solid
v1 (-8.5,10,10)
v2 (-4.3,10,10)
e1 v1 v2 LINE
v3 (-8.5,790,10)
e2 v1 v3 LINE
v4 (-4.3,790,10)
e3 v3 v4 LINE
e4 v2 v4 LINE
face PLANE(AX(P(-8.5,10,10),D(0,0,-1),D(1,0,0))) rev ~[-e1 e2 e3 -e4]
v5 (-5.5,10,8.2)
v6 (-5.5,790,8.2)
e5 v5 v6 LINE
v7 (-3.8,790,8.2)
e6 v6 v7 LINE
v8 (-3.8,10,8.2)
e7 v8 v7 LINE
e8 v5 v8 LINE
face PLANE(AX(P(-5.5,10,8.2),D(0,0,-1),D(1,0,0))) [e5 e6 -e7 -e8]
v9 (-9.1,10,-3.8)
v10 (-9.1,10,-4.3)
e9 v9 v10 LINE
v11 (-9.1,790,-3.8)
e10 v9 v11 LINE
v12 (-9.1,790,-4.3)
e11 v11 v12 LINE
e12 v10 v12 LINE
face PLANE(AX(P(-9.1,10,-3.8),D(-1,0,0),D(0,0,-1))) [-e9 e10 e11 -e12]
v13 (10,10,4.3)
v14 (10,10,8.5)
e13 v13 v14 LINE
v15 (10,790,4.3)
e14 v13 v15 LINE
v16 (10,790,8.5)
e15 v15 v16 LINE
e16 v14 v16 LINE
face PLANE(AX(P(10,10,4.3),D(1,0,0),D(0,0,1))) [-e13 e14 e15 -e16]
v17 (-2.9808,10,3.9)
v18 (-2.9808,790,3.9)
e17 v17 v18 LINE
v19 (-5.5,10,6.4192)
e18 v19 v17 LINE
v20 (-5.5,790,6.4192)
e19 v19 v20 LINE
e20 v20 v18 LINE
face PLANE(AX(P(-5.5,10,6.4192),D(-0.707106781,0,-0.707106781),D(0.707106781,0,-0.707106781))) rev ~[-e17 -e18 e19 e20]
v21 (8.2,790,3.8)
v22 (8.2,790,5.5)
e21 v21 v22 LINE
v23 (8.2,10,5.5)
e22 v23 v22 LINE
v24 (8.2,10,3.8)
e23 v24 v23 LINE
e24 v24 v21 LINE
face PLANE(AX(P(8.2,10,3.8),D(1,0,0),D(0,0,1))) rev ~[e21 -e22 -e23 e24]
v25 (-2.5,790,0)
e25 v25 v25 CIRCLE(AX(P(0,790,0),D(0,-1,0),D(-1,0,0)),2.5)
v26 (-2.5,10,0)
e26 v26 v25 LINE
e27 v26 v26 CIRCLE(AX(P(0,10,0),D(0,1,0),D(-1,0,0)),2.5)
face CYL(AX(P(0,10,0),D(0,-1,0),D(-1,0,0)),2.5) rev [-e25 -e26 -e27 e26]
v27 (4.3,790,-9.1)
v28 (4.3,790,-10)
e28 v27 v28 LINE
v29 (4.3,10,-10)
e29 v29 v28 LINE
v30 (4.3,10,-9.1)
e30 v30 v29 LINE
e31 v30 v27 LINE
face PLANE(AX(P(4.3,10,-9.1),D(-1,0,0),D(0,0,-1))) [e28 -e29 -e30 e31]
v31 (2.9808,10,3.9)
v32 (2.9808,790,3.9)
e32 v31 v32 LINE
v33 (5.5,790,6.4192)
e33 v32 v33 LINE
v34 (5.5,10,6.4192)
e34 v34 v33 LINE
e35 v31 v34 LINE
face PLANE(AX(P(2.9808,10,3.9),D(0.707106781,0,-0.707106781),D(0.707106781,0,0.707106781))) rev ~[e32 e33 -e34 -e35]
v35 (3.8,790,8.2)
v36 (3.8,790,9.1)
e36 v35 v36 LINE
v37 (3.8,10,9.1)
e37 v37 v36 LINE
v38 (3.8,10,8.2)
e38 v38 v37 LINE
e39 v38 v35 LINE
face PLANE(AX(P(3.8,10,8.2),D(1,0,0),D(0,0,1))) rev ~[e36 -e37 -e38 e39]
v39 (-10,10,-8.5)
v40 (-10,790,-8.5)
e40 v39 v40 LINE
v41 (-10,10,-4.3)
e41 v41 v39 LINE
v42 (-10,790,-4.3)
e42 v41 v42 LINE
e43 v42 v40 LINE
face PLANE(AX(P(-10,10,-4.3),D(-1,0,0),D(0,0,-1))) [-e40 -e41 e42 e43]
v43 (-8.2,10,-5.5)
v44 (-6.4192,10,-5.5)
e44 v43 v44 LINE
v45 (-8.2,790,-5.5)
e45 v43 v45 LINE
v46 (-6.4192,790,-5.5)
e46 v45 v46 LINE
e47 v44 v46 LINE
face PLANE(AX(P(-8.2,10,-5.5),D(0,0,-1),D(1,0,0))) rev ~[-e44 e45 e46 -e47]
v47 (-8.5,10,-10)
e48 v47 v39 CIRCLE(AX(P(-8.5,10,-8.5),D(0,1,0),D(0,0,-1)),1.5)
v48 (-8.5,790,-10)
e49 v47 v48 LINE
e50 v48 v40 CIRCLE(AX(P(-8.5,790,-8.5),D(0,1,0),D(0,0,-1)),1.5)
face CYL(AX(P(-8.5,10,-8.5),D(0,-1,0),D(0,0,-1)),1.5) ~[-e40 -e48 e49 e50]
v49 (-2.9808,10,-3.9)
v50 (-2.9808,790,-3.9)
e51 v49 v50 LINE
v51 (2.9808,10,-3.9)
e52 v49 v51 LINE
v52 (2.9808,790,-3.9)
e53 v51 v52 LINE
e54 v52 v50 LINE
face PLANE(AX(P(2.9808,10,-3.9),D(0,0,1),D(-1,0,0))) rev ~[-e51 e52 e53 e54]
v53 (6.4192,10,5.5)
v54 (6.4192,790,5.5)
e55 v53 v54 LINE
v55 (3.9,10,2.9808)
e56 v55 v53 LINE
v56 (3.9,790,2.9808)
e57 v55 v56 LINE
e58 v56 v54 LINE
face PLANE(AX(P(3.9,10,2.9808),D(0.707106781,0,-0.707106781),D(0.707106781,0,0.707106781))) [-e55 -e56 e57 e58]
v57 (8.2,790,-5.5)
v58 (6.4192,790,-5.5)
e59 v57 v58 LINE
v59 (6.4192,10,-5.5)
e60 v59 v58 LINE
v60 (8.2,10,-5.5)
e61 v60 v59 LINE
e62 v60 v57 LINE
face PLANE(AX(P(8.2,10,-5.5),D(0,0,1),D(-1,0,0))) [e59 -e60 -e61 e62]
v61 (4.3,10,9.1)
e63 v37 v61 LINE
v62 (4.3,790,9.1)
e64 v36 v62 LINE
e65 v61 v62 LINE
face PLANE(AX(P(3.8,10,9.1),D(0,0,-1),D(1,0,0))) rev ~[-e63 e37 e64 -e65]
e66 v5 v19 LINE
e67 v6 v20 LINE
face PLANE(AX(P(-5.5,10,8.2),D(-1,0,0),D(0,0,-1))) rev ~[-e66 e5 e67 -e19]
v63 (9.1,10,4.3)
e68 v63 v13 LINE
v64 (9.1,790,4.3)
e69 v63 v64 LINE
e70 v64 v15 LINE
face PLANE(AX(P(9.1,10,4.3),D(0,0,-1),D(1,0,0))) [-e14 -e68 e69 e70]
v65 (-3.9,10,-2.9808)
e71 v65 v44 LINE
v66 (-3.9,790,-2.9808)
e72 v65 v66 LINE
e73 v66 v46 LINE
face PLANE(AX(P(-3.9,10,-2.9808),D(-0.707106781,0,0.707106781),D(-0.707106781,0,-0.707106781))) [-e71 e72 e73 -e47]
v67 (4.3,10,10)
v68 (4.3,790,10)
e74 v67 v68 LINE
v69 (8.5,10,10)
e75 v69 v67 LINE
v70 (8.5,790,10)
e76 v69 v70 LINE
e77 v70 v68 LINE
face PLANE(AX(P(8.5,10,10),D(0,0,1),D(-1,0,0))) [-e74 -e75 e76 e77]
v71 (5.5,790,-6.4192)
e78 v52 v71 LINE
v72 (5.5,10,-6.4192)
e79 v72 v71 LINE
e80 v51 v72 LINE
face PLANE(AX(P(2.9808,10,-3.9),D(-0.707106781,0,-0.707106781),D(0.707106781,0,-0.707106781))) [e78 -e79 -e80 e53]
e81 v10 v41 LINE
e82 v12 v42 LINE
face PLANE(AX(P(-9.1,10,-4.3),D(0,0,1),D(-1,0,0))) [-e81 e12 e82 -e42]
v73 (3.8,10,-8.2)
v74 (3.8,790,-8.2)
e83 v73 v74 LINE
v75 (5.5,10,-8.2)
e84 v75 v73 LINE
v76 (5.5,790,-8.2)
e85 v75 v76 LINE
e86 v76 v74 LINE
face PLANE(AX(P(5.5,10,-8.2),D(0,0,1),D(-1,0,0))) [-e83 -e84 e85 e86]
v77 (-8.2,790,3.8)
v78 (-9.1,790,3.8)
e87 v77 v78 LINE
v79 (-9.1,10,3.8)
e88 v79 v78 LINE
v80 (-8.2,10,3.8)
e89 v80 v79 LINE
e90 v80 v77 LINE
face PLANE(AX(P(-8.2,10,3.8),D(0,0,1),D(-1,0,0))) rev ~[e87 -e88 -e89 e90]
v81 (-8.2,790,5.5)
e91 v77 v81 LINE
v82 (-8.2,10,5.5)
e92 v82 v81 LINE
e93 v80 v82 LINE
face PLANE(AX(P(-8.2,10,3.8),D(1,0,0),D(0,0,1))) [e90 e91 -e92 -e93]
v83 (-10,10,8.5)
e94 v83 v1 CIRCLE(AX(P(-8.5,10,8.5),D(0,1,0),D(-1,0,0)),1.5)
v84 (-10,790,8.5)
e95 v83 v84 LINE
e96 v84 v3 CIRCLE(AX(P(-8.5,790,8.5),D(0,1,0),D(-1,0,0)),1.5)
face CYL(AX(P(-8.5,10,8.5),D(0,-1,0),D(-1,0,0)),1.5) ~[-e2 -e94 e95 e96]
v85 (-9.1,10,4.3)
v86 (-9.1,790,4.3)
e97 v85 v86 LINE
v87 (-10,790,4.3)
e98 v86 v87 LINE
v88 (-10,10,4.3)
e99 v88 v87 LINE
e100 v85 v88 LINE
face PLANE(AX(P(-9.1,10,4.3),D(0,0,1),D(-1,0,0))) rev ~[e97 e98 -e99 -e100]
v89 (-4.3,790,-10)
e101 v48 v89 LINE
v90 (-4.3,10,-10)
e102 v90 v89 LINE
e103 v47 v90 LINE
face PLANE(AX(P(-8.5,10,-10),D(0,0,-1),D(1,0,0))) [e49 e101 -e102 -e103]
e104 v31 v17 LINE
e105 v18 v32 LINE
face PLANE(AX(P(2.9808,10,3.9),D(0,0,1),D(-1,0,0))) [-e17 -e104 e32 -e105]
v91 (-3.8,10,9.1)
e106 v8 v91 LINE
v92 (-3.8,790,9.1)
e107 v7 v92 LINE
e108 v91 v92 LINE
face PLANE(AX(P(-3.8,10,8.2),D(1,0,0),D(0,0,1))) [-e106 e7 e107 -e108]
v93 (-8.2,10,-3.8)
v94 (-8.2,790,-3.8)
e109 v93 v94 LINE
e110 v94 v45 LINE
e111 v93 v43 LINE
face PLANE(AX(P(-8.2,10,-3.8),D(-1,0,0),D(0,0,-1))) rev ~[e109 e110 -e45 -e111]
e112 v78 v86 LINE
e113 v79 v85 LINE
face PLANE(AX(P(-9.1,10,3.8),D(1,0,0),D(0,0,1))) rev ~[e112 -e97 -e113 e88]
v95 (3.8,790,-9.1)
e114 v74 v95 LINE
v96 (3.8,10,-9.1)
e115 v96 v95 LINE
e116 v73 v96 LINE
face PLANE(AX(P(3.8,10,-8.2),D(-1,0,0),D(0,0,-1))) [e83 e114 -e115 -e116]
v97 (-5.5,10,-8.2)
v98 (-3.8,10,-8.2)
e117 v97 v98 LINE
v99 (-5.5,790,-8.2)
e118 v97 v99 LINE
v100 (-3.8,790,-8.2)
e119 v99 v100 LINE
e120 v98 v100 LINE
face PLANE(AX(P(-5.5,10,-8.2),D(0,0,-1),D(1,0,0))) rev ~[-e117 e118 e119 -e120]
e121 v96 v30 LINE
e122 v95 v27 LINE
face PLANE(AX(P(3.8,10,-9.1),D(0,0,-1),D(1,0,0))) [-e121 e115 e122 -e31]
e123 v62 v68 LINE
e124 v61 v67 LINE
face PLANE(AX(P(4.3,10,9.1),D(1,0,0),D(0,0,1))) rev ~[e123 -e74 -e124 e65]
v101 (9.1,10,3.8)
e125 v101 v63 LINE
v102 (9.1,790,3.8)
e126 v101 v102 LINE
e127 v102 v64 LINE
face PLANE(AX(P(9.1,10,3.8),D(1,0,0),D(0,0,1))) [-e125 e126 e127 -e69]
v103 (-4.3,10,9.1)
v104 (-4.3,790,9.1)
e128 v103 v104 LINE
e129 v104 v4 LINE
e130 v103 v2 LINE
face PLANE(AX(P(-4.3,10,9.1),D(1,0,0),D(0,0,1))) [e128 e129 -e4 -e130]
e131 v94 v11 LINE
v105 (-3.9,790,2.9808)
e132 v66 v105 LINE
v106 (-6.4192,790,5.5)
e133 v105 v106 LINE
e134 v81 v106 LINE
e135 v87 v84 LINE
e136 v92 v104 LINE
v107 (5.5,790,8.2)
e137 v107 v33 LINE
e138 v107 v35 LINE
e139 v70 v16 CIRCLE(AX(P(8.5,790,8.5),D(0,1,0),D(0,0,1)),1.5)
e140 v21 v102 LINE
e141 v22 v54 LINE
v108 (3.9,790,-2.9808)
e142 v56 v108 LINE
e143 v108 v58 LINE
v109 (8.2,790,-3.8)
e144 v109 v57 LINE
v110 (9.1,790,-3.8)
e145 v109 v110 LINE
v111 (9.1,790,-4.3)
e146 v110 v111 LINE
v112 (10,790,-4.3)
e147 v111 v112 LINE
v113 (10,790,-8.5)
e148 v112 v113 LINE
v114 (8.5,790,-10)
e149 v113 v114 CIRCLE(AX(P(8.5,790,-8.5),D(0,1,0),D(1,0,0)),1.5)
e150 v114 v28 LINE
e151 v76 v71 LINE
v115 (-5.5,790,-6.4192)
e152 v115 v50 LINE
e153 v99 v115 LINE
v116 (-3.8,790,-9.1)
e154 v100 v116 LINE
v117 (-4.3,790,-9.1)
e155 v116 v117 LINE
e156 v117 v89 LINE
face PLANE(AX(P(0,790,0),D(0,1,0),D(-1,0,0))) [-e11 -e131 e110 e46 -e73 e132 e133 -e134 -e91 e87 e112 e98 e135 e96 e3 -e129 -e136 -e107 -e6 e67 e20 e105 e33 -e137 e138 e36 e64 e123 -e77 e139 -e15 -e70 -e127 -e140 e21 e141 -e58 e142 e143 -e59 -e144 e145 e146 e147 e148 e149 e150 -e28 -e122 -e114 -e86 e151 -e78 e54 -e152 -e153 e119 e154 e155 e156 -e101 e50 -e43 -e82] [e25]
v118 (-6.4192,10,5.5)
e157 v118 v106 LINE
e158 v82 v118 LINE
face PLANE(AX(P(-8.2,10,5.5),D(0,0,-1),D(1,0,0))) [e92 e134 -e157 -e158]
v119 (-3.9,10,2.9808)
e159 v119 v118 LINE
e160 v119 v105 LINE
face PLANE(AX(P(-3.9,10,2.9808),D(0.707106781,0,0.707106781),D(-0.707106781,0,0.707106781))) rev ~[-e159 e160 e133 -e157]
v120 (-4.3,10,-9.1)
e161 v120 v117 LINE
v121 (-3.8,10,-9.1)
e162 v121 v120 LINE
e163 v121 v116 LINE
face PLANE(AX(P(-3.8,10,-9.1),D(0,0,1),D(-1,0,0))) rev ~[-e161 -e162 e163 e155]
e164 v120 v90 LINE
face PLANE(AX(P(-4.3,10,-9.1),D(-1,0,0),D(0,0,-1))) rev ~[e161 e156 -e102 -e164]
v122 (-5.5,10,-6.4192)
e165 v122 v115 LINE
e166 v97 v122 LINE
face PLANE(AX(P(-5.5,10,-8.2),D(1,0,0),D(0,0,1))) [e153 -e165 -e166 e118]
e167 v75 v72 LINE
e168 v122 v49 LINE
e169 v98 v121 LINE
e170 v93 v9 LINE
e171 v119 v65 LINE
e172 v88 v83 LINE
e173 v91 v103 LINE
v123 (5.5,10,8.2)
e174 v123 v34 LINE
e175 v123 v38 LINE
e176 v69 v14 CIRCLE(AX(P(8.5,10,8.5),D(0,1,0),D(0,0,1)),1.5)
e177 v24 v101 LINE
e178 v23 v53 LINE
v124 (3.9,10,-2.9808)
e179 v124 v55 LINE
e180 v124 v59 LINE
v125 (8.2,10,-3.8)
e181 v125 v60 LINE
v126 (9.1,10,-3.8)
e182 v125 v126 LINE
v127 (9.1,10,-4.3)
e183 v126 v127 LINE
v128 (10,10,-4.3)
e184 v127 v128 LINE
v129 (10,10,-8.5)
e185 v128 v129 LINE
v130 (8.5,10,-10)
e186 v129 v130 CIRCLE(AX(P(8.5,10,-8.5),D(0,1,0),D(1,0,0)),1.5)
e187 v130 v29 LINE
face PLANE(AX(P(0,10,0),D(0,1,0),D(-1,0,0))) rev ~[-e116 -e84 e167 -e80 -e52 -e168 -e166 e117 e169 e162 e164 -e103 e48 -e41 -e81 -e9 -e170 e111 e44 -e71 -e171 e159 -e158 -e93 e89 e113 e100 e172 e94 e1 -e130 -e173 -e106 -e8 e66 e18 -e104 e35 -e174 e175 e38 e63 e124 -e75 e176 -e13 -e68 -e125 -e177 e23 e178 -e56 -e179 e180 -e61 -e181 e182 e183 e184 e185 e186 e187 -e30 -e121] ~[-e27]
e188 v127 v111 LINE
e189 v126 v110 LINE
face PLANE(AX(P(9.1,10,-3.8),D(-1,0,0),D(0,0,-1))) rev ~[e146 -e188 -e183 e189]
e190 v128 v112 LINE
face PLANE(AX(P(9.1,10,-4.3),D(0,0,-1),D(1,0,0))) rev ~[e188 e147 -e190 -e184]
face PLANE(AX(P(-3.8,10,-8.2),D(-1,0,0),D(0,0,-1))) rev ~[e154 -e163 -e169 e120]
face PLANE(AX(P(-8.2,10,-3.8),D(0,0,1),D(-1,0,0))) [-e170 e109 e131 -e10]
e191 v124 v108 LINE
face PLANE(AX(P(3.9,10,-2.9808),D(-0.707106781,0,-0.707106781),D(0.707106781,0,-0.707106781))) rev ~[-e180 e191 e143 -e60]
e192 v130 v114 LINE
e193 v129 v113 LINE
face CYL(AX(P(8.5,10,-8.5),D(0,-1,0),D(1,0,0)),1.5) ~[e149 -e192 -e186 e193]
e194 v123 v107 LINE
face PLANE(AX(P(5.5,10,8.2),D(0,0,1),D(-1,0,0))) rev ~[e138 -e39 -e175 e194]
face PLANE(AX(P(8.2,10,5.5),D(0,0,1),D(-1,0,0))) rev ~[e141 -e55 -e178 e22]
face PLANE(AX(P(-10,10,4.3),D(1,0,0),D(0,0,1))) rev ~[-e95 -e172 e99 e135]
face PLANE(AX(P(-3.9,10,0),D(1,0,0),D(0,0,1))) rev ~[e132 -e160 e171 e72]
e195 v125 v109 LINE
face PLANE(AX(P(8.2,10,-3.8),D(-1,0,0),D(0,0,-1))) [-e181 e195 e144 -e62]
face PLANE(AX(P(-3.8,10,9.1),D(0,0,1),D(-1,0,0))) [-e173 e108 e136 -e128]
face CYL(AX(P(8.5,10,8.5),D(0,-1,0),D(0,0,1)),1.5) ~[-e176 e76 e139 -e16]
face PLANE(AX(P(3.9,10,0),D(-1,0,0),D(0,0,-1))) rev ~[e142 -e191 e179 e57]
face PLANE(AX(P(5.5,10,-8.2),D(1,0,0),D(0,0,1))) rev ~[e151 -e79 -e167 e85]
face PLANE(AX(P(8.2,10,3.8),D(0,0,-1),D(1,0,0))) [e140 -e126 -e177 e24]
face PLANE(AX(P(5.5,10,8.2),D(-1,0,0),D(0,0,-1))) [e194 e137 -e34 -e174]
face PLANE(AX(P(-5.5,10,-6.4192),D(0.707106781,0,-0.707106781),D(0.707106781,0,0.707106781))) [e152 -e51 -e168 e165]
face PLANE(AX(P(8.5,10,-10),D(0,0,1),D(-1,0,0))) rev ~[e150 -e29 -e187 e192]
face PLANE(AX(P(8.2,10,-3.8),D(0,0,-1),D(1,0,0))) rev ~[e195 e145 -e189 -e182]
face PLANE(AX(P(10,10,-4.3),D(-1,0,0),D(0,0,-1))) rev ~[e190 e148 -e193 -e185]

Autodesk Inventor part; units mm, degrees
ref_plane "起始平面" through (0, 10, 0) normal (0, 1, 0) x (-1, 0, 0)
ref_plane "终止平面" through (0, 790, 0) normal (0, 1, 0) x (-1, 0, 0)
sketch "草图" plane through (0, 0, 0) normal (0, 1, 0) x (-1, 0, 0)
  line L0 (-9.1, 10.0192) -> (-9.101, 10.0203)
  line L1 (-10, 10) -> (-9.5607, 9.5607) construction
  arc A0 (-8.5, 10) -> (-10, 8.5) centre (-8.5, 8.5) ccw
  circle A1 centre (0, 0) radius 2.5
  line L2 (-2.9808, 3.9) -> (0, 3.9)
  line L3 (-3.9, 0) -> (-3.9, 2.9808)
  line L4 (-2.5, 0) -> (-3.1, 0)
  line L5 (2.9808, 3.9) -> (0, 3.9)
  circle A2 centre (0, 0) radius 2.5
  circle A3 centre (0, 0) radius 2.5
  circle A4 centre (0, 0) radius 2.5
  line L6 (0, 16.3557) -> (0, -12.0006)
  line L7 (-4.3, 9.1) -> (-4.3, 10)
  line L8 (2.9808, -3.9) -> (0, -3.9)
  line L9 (-3.9, 0) -> (-3.9, -2.9808)
  line L10 (3.9, 0) -> (3.9, -2.9808)
  line L11 (-2.9808, -3.9) -> (-5.5, -6.4192)
  line L12 (-2.9808, -3.9) -> (0, -3.9)
  line L13 (3.8, -8.2) -> (3.8, -9.1)
  line L14 (5.5, -6.4192) -> (2.9808, -3.9)
  line L15 (3.8, -9.1) -> (4.3, -9.1)
  line L16 (5.5, -8.2) -> (3.8, -8.2)
  line L17 (5.5, -8.2) -> (5.5, -6.4192)
  line L18 (3.9, -2.9808) -> (6.4192, -5.5)
  line L19 (8.2, -3.8) -> (8.2, -5.5)
  line L20 (8.2, -5.5) -> (6.4192, -5.5)
  line L21 (8.2, -3.8) -> (9.1, -3.8)
  line L22 (9.1, -3.8) -> (9.1, -4.3)
  line L23 (9.1, -4.3) -> (10, -4.3)
  line L24 (10, -4.3) -> (10, -8.5)
  arc A5 (8.5, -10) -> (10, -8.5) centre (8.5, -8.5) ccw
  line L25 (8.5, -10) -> (4.3, -10)
  line L26 (4.3, -9.1) -> (4.3, -10)
  line L27 (5.5, 6.4192) -> (2.9808, 3.9)
  line L28 (3.9, 2.9808) -> (6.4192, 5.5)
  line L29 (10, 4.3) -> (10, 8.5)
  line L30 (3.9, 0) -> (3.9, 2.9808)
  line L31 (5.5, 8.2) -> (5.5, 6.4192)
  line L32 (5.5, 8.2) -> (3.8, 8.2)
  line L33 (4.3, 9.1) -> (4.3, 10)
  arc A6 (10, 8.5) -> (8.5, 10) centre (8.5, 8.5) ccw
  line L34 (8.5, 10) -> (4.3, 10)
  line L35 (8.2, 3.8) -> (9.1, 3.8)
  line L36 (9.1, 4.3) -> (10, 4.3)
  line L37 (9.1, 3.8) -> (9.1, 4.3)
  line L38 (8.2, 3.8) -> (8.2, 5.5)
  line L39 (8.2, 5.5) -> (6.4192, 5.5)
  line L40 (3.8, 8.2) -> (3.8, 9.1)
  line L41 (3.8, 9.1) -> (4.3, 9.1)
  line L42 (-10, 4.3) -> (-10, 8.5)
  line L43 (-8.5, 10) -> (-4.3, 10)
  line L44 (-9.1, 4.3) -> (-10, 4.3)
  line L45 (-9.1, 3.8) -> (-9.1, 4.3)
  line L46 (-8.2, 3.8) -> (-9.1, 3.8)
  line L47 (-8.2, 5.5) -> (-6.4192, 5.5)
  line L48 (-8.2, 3.8) -> (-8.2, 5.5)
  line L49 (-5.5, 8.2) -> (-5.5, 6.4192)
  line L50 (-3.8, 9.1) -> (-4.3, 9.1)
  line L51 (-3.8, 8.2) -> (-3.8, 9.1)
  line L52 (-5.5, 8.2) -> (-3.8, 8.2)
  line L53 (-3.9, 2.9808) -> (-6.4192, 5.5)
  line L54 (-2.9808, 3.9) -> (-5.5, 6.4192)
  line L55 (-5.5, -8.2) -> (-3.8, -8.2)
  line L56 (-5.5, -8.2) -> (-5.5, -6.4192)
  line L57 (-3.9, -2.9808) -> (-6.4192, -5.5)
  line L58 (-3.8, -8.2) -> (-3.8, -9.1)
  line L59 (-3.8, -9.1) -> (-4.3, -9.1)
  line L60 (-4.3, -9.1) -> (-4.3, -10)
  line L61 (-8.2, -5.5) -> (-6.4192, -5.5)
  line L62 (-8.2, -3.8) -> (-9.1, -3.8)
  line L63 (-9.1, -3.8) -> (-9.1, -4.3)
  line L64 (-8.5, -10) -> (-4.3, -10)
  line L65 (-9.1, -4.3) -> (-10, -4.3)
  line L66 (-10, -4.3) -> (-10, -8.5)
  arc A7 (-10, -8.5) -> (-8.5, -10) centre (-8.5, -8.5) ccw
  line L67 (-8.2, -3.8) -> (-8.2, -5.5)
  dimension "圆角" = 1.5
  dimension "宽度" = 20
extrude "实体" add sketch "草图" along normal up to surface (780 mm away) from surface at 10 contours L43 L7 L50 L51 L52 L49 L54 L2 L6 A1 L12 L11 L56 L55 L58 L59 L60 L64 A7 L66 L65 L63 L62 L67 L61 L57 L9 L3 L53 L47 L48 L46 L45 L44 L42 A0 | L5 L27 L31 L32 L40 L41 L33 L34 A6 L29 L36 L37 L35 L38 L39 L28 L30 L10 L18 L20 L19 L21 L22 L23 L24 A5 L25 L26 L15 L13 L16 L17 L14 L8 L6 A1
sketch "草图2" plane through (0, 0, 0) normal (0, 1, 0) x (-1, 0, 0)
  line L0 (0, 0) -> (10, 0)
ref_plane "工作平面3" through (0, 0, 0) normal (0, 0, -1) x (-1, 0, 0)
sketch "草图3" plane through (0, 0, 0) normal (0, 0, -1) x (-1, 0, 0)
  line L0 (-2, 10) -> (12, 10)
  line L1 (-2, 790) -> (12, 790)
  dimension "d11" = 780
ref_plane "工作平面4" through (8.5, 10, -900) normal (0, -1, 0) x (1, 0, 0)
split "分割1" plane through (8.5, 10, -900) removes the side toward (0, -1, 0)
ref_plane "工作平面5" through (4.3, 790, -900) normal (0, 1, 0) x (1, 0, 0)
split "分割2" plane through (4.3, 790, -900) removes the side toward (0, 1, 0)
equation "\"G_L\" = d11"
properties part number "欧标 2020铝合金钢材-01"
